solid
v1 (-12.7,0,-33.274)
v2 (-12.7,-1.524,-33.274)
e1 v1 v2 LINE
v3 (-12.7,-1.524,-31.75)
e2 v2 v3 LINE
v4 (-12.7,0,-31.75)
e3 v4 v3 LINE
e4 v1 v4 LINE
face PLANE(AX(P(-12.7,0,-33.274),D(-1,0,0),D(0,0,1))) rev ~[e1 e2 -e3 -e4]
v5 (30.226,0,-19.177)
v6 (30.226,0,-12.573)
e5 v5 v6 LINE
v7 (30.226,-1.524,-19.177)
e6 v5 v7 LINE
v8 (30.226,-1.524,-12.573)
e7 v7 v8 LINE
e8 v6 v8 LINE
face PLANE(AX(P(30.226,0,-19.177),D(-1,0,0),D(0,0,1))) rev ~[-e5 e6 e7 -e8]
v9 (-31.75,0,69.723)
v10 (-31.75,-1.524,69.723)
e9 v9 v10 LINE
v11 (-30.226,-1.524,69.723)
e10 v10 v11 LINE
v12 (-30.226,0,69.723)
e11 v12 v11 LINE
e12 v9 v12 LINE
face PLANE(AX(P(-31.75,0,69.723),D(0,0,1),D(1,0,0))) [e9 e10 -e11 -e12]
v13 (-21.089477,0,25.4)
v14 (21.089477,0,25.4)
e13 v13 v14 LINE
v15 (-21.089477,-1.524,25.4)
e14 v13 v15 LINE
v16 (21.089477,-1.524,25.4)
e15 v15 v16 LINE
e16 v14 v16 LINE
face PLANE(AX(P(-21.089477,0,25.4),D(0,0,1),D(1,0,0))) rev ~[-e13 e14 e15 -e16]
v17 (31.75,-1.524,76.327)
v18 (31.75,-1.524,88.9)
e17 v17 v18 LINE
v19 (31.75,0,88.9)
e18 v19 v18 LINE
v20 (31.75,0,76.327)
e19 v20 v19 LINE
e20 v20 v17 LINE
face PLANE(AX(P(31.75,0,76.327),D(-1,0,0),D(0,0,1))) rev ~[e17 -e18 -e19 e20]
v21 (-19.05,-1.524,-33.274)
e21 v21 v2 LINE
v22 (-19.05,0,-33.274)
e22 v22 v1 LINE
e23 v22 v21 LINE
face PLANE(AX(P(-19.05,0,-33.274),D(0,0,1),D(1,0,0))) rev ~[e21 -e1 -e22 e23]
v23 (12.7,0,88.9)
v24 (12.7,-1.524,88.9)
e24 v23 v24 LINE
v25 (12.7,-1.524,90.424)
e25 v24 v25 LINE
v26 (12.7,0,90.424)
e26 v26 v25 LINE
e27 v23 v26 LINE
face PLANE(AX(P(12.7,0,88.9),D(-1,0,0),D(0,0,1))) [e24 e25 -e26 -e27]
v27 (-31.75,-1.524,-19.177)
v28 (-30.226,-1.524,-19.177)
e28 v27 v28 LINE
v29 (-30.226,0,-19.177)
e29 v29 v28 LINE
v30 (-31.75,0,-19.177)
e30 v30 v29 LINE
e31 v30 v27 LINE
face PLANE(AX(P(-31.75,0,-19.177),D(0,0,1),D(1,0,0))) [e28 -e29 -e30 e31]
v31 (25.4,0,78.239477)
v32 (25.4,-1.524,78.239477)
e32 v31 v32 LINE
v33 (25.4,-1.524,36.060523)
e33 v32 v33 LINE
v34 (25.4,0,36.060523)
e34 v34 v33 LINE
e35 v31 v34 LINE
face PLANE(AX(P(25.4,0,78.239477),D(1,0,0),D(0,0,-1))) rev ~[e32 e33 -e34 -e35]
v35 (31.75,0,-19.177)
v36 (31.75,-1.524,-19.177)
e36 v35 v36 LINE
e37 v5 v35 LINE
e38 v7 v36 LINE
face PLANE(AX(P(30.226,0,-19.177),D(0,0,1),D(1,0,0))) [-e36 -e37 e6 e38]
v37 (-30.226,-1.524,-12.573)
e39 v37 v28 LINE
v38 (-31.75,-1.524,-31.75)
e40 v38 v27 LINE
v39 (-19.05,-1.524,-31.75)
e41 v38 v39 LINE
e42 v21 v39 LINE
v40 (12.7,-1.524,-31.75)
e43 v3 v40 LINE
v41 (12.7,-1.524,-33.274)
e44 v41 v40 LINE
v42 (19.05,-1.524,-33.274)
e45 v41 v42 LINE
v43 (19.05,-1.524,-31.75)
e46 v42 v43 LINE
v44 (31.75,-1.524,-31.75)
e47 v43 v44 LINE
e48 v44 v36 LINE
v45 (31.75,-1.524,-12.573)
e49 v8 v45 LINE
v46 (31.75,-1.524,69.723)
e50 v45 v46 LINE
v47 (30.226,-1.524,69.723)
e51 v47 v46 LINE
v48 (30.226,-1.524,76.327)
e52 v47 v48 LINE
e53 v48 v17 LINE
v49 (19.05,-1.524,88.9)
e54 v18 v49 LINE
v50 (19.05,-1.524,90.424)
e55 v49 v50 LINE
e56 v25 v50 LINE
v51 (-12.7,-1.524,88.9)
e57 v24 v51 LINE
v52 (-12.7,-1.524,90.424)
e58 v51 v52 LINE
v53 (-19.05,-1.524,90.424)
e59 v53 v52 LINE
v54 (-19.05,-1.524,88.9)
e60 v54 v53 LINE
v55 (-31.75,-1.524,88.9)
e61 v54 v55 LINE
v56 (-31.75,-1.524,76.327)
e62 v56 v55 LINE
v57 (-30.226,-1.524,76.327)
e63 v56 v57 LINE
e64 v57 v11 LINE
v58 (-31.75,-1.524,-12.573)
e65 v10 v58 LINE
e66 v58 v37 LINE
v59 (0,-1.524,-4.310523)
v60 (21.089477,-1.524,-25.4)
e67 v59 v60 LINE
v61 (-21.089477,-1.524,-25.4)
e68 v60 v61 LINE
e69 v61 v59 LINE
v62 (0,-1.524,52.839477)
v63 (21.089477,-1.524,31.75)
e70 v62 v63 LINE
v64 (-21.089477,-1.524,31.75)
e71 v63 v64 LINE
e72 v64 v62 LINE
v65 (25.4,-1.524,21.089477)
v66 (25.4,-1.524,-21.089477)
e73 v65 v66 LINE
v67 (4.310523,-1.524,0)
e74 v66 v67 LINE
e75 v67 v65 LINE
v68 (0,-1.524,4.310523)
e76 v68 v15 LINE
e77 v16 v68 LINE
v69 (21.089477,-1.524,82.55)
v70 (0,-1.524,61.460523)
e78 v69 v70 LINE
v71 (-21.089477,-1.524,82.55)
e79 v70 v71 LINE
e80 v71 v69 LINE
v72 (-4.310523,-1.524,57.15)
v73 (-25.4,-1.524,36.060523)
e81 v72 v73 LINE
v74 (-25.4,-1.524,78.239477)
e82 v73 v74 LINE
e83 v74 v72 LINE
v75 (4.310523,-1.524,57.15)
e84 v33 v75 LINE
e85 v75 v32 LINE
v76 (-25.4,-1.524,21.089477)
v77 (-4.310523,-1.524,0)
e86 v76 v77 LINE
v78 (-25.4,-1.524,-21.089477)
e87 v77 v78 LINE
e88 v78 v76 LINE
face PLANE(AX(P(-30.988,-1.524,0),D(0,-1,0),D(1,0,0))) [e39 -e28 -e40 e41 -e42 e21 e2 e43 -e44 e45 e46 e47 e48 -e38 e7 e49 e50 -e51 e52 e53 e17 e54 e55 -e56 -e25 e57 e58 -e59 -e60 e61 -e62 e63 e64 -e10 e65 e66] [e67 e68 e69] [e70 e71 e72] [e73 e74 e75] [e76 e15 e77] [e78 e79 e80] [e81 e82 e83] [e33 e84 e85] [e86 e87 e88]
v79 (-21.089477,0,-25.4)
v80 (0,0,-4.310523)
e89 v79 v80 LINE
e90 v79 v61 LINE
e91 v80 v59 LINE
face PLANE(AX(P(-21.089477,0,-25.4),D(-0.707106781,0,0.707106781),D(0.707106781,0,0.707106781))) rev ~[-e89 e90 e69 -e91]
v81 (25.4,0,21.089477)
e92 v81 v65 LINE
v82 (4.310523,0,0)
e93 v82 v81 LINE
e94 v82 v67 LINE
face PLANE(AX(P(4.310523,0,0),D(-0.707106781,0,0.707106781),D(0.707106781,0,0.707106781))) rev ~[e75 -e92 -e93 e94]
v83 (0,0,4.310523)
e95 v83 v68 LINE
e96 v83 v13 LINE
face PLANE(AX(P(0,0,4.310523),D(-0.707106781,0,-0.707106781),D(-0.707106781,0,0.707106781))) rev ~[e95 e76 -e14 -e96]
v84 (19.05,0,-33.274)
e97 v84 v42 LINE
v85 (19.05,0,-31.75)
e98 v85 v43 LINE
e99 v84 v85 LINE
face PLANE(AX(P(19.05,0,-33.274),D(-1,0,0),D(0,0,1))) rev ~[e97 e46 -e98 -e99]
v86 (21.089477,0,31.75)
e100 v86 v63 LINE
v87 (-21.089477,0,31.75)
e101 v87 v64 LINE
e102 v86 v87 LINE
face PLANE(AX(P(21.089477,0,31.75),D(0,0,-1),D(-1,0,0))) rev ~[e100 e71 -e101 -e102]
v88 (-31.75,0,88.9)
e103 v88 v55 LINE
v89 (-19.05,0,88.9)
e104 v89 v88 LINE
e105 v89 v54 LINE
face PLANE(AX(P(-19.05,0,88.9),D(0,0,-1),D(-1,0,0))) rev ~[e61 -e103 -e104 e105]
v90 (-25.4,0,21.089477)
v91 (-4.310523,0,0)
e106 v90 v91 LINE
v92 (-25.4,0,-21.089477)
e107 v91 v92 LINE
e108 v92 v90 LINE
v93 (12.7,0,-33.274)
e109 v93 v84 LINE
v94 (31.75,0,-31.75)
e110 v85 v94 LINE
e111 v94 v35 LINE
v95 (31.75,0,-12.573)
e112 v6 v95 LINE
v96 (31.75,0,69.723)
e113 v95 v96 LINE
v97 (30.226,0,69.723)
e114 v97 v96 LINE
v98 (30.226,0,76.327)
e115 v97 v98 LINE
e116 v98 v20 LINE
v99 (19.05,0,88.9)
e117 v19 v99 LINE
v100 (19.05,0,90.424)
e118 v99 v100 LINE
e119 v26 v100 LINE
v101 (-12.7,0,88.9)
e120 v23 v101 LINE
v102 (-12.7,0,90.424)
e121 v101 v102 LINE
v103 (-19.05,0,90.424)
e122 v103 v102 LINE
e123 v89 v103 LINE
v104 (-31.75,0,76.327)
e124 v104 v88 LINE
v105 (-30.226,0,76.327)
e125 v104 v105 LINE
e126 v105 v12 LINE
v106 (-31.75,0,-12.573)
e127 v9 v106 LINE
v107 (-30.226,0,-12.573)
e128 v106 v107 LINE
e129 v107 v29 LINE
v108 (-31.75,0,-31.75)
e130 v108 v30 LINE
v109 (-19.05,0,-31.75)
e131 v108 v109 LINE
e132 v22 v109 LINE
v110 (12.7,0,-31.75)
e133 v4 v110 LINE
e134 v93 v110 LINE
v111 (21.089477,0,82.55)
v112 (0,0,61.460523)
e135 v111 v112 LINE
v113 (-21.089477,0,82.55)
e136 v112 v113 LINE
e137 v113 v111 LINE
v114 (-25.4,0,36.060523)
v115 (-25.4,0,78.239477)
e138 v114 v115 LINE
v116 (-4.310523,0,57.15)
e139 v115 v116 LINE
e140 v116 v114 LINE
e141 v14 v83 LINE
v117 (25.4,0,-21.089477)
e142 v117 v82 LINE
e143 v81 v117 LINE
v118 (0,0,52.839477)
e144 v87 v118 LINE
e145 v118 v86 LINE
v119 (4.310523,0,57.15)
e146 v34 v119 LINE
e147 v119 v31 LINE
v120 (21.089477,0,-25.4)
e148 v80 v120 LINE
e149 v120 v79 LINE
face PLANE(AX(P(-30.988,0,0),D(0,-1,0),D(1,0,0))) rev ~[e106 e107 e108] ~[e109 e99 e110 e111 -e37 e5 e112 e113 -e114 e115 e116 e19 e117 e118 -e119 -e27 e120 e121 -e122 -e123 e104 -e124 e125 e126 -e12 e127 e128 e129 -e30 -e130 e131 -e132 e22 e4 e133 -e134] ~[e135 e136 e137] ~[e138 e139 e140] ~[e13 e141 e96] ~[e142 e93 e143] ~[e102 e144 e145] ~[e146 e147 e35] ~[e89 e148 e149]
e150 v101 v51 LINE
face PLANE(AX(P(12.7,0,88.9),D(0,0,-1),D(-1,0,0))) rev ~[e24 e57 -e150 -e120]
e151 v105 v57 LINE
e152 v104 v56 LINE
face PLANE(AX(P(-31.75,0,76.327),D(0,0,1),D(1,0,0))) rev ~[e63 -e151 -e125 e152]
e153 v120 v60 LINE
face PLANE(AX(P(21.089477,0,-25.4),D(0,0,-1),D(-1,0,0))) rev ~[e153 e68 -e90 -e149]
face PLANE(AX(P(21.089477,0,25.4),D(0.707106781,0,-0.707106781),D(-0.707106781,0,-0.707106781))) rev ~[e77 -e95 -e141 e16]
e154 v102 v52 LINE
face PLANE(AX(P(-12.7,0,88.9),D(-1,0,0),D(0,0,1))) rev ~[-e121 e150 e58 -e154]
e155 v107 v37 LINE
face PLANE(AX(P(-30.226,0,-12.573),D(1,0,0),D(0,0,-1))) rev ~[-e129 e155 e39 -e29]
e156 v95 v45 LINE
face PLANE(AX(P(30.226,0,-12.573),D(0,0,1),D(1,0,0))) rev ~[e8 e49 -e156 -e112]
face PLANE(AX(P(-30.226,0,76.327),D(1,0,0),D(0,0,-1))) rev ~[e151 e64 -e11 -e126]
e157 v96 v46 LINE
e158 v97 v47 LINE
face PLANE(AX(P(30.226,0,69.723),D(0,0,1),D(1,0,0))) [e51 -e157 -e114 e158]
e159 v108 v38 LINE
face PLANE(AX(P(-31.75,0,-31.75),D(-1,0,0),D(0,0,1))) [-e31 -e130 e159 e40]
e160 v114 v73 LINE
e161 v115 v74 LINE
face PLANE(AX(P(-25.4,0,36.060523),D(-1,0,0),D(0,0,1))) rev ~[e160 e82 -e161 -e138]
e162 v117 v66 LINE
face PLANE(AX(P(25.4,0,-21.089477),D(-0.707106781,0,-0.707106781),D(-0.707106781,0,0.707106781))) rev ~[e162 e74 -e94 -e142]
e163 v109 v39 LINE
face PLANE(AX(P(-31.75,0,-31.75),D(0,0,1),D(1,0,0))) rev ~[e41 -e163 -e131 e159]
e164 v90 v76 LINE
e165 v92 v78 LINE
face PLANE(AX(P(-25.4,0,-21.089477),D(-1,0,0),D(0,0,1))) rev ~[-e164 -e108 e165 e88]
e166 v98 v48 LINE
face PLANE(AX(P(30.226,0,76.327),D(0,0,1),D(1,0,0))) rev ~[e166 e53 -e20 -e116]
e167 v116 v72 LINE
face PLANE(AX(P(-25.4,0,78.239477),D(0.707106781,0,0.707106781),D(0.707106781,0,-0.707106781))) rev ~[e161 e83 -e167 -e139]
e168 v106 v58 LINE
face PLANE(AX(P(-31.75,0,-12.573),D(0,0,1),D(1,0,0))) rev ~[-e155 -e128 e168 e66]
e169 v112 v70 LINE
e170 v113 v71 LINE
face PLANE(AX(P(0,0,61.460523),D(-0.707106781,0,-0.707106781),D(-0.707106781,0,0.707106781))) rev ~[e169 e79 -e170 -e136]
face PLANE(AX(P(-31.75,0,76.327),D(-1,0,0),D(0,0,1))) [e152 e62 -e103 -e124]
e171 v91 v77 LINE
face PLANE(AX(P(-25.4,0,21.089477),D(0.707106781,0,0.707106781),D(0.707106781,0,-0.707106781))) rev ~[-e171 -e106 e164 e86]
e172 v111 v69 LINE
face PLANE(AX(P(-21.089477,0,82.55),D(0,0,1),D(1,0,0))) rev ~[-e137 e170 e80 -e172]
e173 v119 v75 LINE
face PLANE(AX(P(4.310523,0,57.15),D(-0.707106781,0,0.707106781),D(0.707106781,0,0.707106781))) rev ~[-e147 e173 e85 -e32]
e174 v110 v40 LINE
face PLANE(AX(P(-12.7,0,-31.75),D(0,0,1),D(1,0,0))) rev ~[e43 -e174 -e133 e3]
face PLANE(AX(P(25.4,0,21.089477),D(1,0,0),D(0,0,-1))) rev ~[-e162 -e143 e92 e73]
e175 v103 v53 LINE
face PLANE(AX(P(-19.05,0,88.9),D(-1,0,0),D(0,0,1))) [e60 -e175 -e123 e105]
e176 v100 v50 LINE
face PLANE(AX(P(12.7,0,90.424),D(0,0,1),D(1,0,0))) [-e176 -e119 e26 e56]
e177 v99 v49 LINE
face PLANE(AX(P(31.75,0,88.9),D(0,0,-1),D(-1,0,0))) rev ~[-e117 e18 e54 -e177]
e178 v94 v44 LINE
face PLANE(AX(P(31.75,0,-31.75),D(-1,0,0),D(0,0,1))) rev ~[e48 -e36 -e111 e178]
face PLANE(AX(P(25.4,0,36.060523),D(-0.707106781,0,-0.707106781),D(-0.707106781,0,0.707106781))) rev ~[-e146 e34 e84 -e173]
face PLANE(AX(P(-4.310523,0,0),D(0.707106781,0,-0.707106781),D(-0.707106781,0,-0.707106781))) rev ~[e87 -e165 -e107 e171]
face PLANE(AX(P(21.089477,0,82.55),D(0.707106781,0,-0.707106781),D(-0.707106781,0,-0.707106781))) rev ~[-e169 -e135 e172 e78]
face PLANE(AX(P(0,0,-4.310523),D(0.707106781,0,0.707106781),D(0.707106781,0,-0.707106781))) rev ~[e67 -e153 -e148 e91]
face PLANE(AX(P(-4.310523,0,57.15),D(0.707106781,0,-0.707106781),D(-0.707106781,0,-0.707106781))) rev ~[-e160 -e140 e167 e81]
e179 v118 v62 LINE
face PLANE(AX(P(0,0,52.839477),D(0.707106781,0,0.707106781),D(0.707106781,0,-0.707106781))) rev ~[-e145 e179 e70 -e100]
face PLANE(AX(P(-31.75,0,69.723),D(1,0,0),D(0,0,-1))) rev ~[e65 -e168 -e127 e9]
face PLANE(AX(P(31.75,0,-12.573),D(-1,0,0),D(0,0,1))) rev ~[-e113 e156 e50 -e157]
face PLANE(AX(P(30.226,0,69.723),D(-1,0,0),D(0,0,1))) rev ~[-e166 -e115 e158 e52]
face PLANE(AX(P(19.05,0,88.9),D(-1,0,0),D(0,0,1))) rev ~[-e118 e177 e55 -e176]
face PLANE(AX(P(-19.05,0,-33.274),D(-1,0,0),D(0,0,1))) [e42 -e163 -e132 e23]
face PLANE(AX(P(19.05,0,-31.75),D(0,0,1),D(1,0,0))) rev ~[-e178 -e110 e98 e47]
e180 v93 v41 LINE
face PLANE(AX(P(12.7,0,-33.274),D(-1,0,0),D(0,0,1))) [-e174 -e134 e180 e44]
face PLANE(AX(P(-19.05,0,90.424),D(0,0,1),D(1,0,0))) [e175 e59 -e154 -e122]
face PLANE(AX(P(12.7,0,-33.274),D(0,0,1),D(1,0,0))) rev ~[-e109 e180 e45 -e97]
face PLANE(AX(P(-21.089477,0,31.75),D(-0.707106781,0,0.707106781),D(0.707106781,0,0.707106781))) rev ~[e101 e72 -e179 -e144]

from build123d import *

# Parameters (mm, degrees)
F0_W     = 1.524
F0_H     = 25.146
F0_H_2   = 12.573
F0_W_2   = 6.35
F0_H_3   = 1.524
F0_H_4   = 6.223
F0_H_5   = 6.35
F0_H_6   = 6.604
F1_DEPTH = 1.524


with BuildPart() as f1:
    # F0 (on Front) → F1 (new body)
    with BuildSketch(Plane.XZ):
        with Locations((-30.988, 0)):
            Rectangle(F0_W, F0_H)
        with Locations((-30.988, -25.4635)):
            Rectangle(F0_W, F0_H_2)
        Polygon((30.226, 19.177), (30.226, 25.4), (25.4, 25.4), (25.4, 21.0894770619), (25.4, -21.0894770619), (25.4, -25.4), (21.0894770619, -25.4), (-21.0894770619, -25.4), (-25.4, -25.4), (-25.4, -21.0894770619), (-25.4, 21.0894770619), (-25.4, 25.4), (-30.226, 25.4), (-30.226, 19.177), (-30.226, 12.573), (-30.226, -12.573), (-30.226, -19.177), (-30.226, -31.75), (-19.05, -31.75), (-12.7, -31.75), (12.7, -31.75), (19.05, -31.75), (30.226, -31.75), (30.226, -19.177), (30.226, -12.573), (30.226, 12.573), align=None)
        Polygon((0, -4.3105229381), (-4.3105229381, 0), (-25.4, -21.0894770619), (-25.4, -25.4), (-21.0894770619, -25.4), align=None)
        Polygon((25.4, -25.4), (25.4, -21.0894770619), (4.3105229381, 0), (0, -4.3105229381), (21.0894770619, -25.4), align=None)
        Polygon((4.3105229381, 0), (0, 4.3105229381), (-4.3105229381, 0), (0, -4.3105229381), align=None)
        Polygon((25.4, 21.0894770619), (25.4, 25.4), (21.0894770619, 25.4), (0, 4.3105229381), (4.3105229381, 0), align=None)
        Polygon((-4.3105229381, 0), (0, 4.3105229381), (-21.0894770619, 25.4), (-25.4, 25.4), (-25.4, 21.0894770619), align=None)
        with Locations((15.875, -32.512)):
            Rectangle(F0_W_2, F0_H_3)
        with Locations((-15.875, -32.512)):
            Rectangle(F0_W_2, F0_H_3)
        Polygon((30.226, 25.4), (30.226, 31.75), (25.4, 31.75), (21.0894770619, 31.75), (19.05, 31.75), (12.7, 31.75), (-12.7, 31.75), (-19.05, 31.75), (-21.0894770619, 31.75), (-25.4, 31.75), (-30.226, 31.75), (-30.226, 25.4), (-25.4, 25.4), (-21.0894770619, 25.4), (-19.05, 25.4), (-12.7, 25.4), (12.7, 25.4), (19.05, 25.4), (21.0894770619, 25.4), (25.4, 25.4), align=None)
        Polygon((-21.0894770619, 31.75), (0, 52.8394770619), (-4.3105229381, 57.15), (-25.4, 36.0605229381), (-25.4, 31.75), align=None)
        Polygon((-4.3105229381, 57.15), (0, 52.8394770619), (4.3105229381, 57.15), (0, 61.4605229381), align=None)
        Polygon((21.0894770619, 31.75), (25.4, 31.75), (25.4, 36.0605229381), (4.3105229381, 57.15), (0, 52.8394770619), align=None)
        with Locations((-30.988, 22.2885)):
            Rectangle(F0_W, F0_H_4)
        with Locations((-30.988, 28.575)):
            Rectangle(F0_W, F0_H_5)
        with Locations((-30.988, 34.8615)):
            Rectangle(F0_W, F0_H_4)
        with Locations((-30.988, 15.875)):
            Rectangle(F0_W, F0_H_6)
        with Locations((-30.988, 41.275)):
            Rectangle(F0_W, F0_H_6)
        Polygon((25.4, 31.75), (30.226, 31.75), (30.226, 37.973), (30.226, 44.577), (30.226, 69.723), (30.226, 76.327), (30.226, 88.9), (19.05, 88.9), (12.7, 88.9), (-12.7, 88.9), (-19.05, 88.9), (-30.226, 88.9), (-30.226, 76.327), (-30.226, 69.723), (-30.226, 44.577), (-30.226, 37.973), (-30.226, 31.75), (-25.4, 31.75), (-25.4, 36.0605229381), (-25.4, 78.2394770619), (-25.4, 82.55), (-21.0894770619, 82.55), (21.0894770619, 82.55), (25.4, 82.55), (25.4, 78.2394770619), (25.4, 36.0605229381), align=None)
        with Locations((30.988, 0)):
            Rectangle(F0_W, F0_H)
        with Locations((30.988, -25.4635)):
            Rectangle(F0_W, F0_H_2)
        with Locations((30.988, 22.2885)):
            Rectangle(F0_W, F0_H_4)
        with Locations((30.988, 28.575)):
            Rectangle(F0_W, F0_H_5)
        with Locations((30.988, 34.8615)):
            Rectangle(F0_W, F0_H_4)
        with Locations((30.988, 41.275)):
            Rectangle(F0_W, F0_H_6)
        with Locations((30.988, 57.15)):
            Rectangle(F0_W, F0_H)
        Polygon((0, 61.4605229381), (4.3105229381, 57.15), (25.4, 78.2394770619), (25.4, 82.55), (21.0894770619, 82.55), align=None)
        Polygon((-25.4, 78.2394770619), (-4.3105229381, 57.15), (0, 61.4605229381), (-21.0894770619, 82.55), (-25.4, 82.55), align=None)
        with Locations((-30.988, 57.15)):
            Rectangle(F0_W, F0_H)
        with Locations((-30.988, 82.6135)):
            Rectangle(F0_W, F0_H_2)
        with Locations((30.988, 82.6135)):
            Rectangle(F0_W, F0_H_2)
        with Locations((30.988, 15.875)):
            Rectangle(F0_W, F0_H_6)
        with Locations((15.875, 89.662)):
            Rectangle(F0_W_2, F0_H_3)
        with Locations((-15.875, 89.662)):
            Rectangle(F0_W_2, F0_H_3)
    extrude(amount=F1_DEPTH)


solid = f1.part
